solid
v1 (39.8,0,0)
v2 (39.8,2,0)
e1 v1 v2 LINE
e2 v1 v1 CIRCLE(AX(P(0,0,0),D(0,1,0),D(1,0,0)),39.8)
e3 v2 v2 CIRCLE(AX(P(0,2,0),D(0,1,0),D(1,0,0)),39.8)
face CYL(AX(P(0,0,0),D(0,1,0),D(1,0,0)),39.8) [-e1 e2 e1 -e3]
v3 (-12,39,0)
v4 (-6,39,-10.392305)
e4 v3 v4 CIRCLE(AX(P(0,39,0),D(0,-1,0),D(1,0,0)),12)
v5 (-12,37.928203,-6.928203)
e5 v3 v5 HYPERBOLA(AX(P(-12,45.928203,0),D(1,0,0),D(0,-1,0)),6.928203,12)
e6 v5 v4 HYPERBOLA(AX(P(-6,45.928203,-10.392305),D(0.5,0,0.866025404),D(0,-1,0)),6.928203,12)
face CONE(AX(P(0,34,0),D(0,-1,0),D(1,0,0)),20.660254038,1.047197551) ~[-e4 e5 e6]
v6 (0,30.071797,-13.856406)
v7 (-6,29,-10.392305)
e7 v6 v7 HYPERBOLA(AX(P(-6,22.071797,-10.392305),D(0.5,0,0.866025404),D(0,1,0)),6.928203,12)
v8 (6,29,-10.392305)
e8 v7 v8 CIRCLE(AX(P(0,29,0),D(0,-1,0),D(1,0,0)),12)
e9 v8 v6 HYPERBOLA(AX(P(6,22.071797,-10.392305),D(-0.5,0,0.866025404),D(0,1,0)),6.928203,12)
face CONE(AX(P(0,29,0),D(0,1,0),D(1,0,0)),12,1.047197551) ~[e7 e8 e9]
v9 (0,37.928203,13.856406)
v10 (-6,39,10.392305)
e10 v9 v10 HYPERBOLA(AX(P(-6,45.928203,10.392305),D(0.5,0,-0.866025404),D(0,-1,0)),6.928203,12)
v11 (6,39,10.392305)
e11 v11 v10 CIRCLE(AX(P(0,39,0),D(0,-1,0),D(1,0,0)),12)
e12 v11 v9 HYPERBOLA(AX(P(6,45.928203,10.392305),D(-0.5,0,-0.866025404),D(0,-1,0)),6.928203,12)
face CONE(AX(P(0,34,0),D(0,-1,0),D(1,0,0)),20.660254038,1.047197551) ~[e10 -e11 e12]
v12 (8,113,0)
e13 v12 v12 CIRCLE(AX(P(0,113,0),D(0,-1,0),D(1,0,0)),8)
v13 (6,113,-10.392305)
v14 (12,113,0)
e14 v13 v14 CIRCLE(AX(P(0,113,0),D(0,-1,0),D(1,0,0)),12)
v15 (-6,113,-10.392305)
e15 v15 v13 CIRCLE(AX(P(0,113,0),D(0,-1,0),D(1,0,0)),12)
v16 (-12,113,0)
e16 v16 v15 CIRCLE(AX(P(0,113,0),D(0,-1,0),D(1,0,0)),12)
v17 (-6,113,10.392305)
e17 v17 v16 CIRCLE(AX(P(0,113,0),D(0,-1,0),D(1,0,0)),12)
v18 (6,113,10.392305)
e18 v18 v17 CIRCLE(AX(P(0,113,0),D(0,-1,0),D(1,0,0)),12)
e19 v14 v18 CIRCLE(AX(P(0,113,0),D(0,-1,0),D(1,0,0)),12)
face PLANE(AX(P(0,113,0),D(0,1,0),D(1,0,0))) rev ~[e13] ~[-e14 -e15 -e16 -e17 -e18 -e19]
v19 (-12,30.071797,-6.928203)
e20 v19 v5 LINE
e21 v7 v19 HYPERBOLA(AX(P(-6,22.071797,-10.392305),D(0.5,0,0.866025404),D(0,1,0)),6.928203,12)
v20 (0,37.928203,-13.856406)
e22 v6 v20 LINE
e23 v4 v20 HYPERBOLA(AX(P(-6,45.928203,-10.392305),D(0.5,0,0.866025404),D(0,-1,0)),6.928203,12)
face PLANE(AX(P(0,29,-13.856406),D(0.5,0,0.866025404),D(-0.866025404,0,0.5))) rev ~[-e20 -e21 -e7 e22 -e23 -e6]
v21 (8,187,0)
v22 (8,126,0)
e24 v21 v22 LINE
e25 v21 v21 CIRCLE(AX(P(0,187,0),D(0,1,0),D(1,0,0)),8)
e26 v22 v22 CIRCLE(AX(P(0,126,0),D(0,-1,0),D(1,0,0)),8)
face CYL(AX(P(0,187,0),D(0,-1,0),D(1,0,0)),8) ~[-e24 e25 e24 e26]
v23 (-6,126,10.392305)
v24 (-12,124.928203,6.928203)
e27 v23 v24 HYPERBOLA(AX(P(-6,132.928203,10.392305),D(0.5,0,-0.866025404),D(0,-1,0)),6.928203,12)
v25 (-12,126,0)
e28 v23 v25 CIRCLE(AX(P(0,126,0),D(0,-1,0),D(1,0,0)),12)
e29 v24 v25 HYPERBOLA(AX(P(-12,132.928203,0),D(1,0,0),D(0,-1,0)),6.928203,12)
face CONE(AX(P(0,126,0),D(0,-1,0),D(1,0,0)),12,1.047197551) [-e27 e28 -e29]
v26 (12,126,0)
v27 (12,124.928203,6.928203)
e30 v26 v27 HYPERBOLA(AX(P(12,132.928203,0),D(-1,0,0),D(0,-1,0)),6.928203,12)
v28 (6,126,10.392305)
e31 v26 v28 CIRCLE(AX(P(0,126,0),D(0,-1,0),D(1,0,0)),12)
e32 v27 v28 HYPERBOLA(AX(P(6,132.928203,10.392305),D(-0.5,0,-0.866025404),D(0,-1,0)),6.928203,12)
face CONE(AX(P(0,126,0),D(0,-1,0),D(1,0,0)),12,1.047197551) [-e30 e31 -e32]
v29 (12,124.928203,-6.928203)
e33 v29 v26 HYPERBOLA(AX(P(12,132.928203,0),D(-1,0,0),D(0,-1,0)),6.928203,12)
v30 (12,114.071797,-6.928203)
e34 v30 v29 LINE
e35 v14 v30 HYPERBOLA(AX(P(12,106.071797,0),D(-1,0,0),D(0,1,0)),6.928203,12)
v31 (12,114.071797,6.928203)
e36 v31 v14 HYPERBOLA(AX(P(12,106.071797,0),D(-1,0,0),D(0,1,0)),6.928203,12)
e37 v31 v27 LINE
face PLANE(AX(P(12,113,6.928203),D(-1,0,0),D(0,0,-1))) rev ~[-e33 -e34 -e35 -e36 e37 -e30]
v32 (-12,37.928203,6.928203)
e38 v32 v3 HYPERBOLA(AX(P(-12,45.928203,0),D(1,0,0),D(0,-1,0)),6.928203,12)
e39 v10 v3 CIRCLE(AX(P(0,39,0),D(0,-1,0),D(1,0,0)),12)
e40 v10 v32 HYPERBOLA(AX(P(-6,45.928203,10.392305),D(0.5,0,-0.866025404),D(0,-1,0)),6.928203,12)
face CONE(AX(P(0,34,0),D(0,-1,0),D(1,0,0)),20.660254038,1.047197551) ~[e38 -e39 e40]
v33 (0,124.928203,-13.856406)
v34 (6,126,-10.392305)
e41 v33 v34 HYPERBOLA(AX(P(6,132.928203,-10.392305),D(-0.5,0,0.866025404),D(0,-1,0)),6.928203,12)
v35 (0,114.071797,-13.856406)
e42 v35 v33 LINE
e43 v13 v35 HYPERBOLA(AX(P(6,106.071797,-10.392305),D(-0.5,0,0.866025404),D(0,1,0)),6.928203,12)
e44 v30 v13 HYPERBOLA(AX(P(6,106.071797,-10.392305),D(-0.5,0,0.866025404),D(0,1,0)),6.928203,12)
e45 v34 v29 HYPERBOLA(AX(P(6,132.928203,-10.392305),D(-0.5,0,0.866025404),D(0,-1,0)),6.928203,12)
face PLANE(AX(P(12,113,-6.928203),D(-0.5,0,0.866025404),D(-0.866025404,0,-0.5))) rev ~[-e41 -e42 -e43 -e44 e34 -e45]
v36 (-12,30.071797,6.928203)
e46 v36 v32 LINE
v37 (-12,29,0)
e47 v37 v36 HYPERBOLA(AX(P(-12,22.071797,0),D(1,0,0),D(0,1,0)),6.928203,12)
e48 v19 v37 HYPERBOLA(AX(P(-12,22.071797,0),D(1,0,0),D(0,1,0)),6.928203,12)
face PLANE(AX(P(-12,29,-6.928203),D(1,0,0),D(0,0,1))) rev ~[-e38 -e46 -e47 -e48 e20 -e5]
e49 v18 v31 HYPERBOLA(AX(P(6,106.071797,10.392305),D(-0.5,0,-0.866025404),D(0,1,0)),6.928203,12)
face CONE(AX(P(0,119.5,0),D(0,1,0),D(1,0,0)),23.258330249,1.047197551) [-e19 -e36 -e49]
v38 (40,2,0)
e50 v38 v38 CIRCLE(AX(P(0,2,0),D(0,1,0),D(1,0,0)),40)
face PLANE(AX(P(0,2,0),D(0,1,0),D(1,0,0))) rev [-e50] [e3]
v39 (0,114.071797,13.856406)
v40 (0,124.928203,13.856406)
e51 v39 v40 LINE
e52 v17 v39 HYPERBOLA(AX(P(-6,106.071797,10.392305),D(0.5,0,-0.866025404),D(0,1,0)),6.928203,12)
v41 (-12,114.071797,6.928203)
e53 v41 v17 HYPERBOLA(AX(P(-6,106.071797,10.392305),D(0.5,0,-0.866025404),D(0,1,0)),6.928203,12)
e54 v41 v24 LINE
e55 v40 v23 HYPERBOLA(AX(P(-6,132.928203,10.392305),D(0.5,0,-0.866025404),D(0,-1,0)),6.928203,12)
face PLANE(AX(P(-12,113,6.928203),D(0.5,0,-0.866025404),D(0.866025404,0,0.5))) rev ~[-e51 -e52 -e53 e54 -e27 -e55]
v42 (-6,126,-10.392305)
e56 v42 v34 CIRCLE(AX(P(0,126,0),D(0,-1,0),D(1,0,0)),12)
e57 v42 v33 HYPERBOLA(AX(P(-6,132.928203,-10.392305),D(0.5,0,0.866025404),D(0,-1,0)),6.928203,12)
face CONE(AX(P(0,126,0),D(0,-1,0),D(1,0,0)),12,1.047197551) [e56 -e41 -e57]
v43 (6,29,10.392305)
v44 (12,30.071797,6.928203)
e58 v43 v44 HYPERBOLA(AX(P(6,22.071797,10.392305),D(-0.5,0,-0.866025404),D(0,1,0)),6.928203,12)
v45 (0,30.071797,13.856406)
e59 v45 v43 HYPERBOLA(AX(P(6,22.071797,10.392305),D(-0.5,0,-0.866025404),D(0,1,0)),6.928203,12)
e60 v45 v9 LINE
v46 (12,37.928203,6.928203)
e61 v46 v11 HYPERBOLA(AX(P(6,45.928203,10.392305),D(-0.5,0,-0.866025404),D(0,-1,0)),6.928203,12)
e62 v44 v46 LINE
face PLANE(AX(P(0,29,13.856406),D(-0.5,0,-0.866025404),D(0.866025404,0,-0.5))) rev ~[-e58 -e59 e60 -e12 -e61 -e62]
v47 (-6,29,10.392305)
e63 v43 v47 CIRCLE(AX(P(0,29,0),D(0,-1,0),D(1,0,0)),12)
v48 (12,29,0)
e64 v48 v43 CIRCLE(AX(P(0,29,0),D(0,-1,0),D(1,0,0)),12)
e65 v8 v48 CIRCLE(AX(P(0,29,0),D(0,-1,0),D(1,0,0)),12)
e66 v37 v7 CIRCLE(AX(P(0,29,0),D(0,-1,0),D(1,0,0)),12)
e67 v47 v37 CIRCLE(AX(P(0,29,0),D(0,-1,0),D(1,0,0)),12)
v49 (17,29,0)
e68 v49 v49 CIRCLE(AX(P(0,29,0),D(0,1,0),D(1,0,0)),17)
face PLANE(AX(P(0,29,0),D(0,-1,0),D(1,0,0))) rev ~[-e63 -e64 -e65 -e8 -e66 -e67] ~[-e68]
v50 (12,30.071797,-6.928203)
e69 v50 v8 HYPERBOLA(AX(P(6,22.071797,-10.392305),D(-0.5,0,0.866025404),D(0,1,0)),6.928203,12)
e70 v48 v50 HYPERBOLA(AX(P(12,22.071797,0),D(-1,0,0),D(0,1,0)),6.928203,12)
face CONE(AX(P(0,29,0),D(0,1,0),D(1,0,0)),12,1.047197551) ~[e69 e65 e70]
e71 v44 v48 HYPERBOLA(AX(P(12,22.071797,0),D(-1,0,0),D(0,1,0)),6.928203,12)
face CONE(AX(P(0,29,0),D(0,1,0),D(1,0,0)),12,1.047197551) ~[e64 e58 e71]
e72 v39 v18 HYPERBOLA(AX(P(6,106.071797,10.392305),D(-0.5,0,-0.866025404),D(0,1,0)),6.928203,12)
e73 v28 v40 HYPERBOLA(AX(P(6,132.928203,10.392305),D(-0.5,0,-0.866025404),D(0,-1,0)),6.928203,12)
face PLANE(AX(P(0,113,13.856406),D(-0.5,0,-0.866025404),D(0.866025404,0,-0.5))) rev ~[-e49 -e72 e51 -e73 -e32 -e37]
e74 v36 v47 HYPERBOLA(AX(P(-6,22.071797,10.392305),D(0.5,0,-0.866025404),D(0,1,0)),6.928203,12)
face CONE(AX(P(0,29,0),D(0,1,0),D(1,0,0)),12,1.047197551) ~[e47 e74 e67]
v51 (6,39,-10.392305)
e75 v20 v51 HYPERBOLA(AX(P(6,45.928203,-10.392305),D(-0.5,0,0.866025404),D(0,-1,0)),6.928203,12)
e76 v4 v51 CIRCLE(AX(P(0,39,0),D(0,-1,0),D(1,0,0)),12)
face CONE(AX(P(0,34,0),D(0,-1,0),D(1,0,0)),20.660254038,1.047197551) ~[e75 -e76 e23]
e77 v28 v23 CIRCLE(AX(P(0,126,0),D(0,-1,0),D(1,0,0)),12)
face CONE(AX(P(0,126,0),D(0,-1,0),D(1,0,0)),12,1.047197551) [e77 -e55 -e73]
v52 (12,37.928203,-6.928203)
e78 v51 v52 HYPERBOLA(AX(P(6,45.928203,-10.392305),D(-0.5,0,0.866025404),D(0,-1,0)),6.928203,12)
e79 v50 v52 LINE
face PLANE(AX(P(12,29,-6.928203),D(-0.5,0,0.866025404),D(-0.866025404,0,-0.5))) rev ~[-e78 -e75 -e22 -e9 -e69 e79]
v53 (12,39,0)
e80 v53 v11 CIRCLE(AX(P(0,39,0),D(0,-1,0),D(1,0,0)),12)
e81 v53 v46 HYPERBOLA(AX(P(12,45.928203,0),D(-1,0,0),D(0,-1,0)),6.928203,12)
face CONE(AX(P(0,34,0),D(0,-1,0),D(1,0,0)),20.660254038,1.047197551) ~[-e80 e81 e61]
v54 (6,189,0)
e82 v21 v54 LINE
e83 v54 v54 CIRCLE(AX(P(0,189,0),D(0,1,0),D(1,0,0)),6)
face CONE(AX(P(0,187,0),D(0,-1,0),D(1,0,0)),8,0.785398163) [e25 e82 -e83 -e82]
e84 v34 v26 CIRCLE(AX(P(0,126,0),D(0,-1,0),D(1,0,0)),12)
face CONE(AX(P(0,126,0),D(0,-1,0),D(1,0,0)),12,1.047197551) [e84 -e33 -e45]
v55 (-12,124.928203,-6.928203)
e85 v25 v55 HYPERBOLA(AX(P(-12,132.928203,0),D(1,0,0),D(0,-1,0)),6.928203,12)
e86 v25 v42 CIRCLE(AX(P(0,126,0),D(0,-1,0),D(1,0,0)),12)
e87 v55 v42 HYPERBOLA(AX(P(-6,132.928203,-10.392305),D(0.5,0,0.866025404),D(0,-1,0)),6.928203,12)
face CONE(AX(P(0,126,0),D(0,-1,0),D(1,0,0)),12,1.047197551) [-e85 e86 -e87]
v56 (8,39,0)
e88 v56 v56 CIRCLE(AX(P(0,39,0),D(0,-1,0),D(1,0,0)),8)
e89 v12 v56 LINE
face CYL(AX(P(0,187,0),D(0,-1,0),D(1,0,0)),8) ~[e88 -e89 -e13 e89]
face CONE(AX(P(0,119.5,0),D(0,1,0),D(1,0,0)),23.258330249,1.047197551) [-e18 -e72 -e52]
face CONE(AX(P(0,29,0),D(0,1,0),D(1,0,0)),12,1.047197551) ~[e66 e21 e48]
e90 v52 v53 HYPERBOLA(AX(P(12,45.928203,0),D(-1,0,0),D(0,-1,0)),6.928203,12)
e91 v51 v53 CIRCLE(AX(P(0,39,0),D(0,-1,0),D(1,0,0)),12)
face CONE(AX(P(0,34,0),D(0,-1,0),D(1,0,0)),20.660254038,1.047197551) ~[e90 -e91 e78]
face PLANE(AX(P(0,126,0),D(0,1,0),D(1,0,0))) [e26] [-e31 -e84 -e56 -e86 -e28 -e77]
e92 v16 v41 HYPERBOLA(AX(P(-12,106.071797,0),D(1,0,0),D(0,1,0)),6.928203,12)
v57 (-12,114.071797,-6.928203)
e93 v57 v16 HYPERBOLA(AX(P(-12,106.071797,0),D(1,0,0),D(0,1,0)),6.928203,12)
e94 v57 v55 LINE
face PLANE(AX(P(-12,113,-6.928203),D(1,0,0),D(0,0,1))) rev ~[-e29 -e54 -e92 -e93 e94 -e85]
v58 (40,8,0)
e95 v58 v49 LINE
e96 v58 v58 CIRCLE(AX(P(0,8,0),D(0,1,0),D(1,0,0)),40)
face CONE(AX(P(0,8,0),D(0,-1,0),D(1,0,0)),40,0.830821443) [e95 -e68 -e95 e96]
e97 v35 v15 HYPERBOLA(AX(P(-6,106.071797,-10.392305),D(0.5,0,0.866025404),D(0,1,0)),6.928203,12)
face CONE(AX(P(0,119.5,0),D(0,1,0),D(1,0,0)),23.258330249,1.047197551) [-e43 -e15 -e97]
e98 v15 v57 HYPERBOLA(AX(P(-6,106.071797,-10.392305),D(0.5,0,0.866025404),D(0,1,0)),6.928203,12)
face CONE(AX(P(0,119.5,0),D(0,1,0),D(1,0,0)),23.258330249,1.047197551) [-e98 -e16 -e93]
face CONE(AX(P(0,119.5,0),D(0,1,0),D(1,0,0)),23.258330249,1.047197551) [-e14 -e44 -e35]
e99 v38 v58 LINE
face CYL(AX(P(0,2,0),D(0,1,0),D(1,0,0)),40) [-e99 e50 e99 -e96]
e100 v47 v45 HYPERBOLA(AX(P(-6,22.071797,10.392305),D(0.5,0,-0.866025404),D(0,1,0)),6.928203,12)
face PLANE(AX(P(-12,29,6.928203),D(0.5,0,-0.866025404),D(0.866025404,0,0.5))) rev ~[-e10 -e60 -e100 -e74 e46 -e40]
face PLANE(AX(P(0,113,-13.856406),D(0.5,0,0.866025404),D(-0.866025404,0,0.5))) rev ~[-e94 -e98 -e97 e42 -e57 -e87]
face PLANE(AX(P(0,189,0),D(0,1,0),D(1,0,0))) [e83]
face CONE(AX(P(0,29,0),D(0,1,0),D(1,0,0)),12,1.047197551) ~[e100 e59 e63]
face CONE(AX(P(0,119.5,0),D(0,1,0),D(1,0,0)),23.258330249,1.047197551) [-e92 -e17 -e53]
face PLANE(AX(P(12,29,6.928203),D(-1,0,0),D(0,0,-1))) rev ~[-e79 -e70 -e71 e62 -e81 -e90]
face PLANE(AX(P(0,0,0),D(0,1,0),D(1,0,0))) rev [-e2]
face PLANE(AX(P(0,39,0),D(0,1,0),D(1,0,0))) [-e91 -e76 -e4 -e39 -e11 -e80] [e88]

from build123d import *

# Parameters (mm, degrees)
EXTRUDE_1_DEPTH = 10
EXTRUDE_2_DEPTH = 13


with BuildPart() as part:
    # Эскиз1 → Повернуть1 (revolve)
    with BuildSketch(Plane.XY, mode=Mode.PRIVATE) as revolve_1_sk:
        Polygon((0, 0), (-39.8, 0), (-39.8, 2), (-40, 2), (-40, 8), (-17, 29), (-8, 29), (-8, 39), (-8, 187), (-6, 189), (0, 189), align=None)
    revolve(revolve_1_sk.sketch.rotate(Axis((0, 0, 0), (0, 1, 0)), 180), axis=Axis((0, 0, 0), (0, 1, 0)))  # turned: the seam where the file's is

    # Эскиз2 → Бобышка-Вытянуть1 (add)
    with BuildSketch(Plane(origin=(0, 29, 0), x_dir=(1, 0, 0), z_dir=(0, 1, 0))):
        Polygon((0, 13.856406461), (-12, 6.92820323), (-12, -6.92820323), (0, -13.856406461), (12, -6.92820323), (12, 6.92820323), align=None)
    extrude(amount=EXTRUDE_1_DEPTH)

    # Эскиз3 → Бобышка-Вытянуть2 (add)
    with BuildSketch(Plane(origin=(0, 113, 0), x_dir=(1, 0, 0), z_dir=(0, 1, 0))):
        Polygon((12, 6.92820323), (0, 13.856406461), (-12, 6.92820323), (-12, -6.92820323), (0, -13.856406461), (12, -6.92820323), align=None)
    extrude(amount=EXTRUDE_2_DEPTH)

    # Эскиз4 → Вырез-Повернуть2 (revolve, cut)
    with BuildSketch(Plane.XY, mode=Mode.PRIVATE) as cut_revolve_2_sk:
        Polygon((-23.258330249, 126), (-12, 126), (-23.258330249, 119.5), align=None)
        Polygon((-23.258330249, 113), (-23.258330249, 119.5), (-12, 113), align=None)
        Polygon((-20.660254038, 39), (-20.660254038, 34), (-12, 39), align=None)
        Polygon((-20.660254038, 34), (-20.660254038, 29), (-12, 29), align=None)
    revolve(cut_revolve_2_sk.sketch.rotate(Axis((0, 189, 0), (0, -1, 0)), 180), axis=Axis((0, 189, 0), (0, -1, 0)), mode=Mode.SUBTRACT)  # turned: the seam where the file's is


solid = part.part
